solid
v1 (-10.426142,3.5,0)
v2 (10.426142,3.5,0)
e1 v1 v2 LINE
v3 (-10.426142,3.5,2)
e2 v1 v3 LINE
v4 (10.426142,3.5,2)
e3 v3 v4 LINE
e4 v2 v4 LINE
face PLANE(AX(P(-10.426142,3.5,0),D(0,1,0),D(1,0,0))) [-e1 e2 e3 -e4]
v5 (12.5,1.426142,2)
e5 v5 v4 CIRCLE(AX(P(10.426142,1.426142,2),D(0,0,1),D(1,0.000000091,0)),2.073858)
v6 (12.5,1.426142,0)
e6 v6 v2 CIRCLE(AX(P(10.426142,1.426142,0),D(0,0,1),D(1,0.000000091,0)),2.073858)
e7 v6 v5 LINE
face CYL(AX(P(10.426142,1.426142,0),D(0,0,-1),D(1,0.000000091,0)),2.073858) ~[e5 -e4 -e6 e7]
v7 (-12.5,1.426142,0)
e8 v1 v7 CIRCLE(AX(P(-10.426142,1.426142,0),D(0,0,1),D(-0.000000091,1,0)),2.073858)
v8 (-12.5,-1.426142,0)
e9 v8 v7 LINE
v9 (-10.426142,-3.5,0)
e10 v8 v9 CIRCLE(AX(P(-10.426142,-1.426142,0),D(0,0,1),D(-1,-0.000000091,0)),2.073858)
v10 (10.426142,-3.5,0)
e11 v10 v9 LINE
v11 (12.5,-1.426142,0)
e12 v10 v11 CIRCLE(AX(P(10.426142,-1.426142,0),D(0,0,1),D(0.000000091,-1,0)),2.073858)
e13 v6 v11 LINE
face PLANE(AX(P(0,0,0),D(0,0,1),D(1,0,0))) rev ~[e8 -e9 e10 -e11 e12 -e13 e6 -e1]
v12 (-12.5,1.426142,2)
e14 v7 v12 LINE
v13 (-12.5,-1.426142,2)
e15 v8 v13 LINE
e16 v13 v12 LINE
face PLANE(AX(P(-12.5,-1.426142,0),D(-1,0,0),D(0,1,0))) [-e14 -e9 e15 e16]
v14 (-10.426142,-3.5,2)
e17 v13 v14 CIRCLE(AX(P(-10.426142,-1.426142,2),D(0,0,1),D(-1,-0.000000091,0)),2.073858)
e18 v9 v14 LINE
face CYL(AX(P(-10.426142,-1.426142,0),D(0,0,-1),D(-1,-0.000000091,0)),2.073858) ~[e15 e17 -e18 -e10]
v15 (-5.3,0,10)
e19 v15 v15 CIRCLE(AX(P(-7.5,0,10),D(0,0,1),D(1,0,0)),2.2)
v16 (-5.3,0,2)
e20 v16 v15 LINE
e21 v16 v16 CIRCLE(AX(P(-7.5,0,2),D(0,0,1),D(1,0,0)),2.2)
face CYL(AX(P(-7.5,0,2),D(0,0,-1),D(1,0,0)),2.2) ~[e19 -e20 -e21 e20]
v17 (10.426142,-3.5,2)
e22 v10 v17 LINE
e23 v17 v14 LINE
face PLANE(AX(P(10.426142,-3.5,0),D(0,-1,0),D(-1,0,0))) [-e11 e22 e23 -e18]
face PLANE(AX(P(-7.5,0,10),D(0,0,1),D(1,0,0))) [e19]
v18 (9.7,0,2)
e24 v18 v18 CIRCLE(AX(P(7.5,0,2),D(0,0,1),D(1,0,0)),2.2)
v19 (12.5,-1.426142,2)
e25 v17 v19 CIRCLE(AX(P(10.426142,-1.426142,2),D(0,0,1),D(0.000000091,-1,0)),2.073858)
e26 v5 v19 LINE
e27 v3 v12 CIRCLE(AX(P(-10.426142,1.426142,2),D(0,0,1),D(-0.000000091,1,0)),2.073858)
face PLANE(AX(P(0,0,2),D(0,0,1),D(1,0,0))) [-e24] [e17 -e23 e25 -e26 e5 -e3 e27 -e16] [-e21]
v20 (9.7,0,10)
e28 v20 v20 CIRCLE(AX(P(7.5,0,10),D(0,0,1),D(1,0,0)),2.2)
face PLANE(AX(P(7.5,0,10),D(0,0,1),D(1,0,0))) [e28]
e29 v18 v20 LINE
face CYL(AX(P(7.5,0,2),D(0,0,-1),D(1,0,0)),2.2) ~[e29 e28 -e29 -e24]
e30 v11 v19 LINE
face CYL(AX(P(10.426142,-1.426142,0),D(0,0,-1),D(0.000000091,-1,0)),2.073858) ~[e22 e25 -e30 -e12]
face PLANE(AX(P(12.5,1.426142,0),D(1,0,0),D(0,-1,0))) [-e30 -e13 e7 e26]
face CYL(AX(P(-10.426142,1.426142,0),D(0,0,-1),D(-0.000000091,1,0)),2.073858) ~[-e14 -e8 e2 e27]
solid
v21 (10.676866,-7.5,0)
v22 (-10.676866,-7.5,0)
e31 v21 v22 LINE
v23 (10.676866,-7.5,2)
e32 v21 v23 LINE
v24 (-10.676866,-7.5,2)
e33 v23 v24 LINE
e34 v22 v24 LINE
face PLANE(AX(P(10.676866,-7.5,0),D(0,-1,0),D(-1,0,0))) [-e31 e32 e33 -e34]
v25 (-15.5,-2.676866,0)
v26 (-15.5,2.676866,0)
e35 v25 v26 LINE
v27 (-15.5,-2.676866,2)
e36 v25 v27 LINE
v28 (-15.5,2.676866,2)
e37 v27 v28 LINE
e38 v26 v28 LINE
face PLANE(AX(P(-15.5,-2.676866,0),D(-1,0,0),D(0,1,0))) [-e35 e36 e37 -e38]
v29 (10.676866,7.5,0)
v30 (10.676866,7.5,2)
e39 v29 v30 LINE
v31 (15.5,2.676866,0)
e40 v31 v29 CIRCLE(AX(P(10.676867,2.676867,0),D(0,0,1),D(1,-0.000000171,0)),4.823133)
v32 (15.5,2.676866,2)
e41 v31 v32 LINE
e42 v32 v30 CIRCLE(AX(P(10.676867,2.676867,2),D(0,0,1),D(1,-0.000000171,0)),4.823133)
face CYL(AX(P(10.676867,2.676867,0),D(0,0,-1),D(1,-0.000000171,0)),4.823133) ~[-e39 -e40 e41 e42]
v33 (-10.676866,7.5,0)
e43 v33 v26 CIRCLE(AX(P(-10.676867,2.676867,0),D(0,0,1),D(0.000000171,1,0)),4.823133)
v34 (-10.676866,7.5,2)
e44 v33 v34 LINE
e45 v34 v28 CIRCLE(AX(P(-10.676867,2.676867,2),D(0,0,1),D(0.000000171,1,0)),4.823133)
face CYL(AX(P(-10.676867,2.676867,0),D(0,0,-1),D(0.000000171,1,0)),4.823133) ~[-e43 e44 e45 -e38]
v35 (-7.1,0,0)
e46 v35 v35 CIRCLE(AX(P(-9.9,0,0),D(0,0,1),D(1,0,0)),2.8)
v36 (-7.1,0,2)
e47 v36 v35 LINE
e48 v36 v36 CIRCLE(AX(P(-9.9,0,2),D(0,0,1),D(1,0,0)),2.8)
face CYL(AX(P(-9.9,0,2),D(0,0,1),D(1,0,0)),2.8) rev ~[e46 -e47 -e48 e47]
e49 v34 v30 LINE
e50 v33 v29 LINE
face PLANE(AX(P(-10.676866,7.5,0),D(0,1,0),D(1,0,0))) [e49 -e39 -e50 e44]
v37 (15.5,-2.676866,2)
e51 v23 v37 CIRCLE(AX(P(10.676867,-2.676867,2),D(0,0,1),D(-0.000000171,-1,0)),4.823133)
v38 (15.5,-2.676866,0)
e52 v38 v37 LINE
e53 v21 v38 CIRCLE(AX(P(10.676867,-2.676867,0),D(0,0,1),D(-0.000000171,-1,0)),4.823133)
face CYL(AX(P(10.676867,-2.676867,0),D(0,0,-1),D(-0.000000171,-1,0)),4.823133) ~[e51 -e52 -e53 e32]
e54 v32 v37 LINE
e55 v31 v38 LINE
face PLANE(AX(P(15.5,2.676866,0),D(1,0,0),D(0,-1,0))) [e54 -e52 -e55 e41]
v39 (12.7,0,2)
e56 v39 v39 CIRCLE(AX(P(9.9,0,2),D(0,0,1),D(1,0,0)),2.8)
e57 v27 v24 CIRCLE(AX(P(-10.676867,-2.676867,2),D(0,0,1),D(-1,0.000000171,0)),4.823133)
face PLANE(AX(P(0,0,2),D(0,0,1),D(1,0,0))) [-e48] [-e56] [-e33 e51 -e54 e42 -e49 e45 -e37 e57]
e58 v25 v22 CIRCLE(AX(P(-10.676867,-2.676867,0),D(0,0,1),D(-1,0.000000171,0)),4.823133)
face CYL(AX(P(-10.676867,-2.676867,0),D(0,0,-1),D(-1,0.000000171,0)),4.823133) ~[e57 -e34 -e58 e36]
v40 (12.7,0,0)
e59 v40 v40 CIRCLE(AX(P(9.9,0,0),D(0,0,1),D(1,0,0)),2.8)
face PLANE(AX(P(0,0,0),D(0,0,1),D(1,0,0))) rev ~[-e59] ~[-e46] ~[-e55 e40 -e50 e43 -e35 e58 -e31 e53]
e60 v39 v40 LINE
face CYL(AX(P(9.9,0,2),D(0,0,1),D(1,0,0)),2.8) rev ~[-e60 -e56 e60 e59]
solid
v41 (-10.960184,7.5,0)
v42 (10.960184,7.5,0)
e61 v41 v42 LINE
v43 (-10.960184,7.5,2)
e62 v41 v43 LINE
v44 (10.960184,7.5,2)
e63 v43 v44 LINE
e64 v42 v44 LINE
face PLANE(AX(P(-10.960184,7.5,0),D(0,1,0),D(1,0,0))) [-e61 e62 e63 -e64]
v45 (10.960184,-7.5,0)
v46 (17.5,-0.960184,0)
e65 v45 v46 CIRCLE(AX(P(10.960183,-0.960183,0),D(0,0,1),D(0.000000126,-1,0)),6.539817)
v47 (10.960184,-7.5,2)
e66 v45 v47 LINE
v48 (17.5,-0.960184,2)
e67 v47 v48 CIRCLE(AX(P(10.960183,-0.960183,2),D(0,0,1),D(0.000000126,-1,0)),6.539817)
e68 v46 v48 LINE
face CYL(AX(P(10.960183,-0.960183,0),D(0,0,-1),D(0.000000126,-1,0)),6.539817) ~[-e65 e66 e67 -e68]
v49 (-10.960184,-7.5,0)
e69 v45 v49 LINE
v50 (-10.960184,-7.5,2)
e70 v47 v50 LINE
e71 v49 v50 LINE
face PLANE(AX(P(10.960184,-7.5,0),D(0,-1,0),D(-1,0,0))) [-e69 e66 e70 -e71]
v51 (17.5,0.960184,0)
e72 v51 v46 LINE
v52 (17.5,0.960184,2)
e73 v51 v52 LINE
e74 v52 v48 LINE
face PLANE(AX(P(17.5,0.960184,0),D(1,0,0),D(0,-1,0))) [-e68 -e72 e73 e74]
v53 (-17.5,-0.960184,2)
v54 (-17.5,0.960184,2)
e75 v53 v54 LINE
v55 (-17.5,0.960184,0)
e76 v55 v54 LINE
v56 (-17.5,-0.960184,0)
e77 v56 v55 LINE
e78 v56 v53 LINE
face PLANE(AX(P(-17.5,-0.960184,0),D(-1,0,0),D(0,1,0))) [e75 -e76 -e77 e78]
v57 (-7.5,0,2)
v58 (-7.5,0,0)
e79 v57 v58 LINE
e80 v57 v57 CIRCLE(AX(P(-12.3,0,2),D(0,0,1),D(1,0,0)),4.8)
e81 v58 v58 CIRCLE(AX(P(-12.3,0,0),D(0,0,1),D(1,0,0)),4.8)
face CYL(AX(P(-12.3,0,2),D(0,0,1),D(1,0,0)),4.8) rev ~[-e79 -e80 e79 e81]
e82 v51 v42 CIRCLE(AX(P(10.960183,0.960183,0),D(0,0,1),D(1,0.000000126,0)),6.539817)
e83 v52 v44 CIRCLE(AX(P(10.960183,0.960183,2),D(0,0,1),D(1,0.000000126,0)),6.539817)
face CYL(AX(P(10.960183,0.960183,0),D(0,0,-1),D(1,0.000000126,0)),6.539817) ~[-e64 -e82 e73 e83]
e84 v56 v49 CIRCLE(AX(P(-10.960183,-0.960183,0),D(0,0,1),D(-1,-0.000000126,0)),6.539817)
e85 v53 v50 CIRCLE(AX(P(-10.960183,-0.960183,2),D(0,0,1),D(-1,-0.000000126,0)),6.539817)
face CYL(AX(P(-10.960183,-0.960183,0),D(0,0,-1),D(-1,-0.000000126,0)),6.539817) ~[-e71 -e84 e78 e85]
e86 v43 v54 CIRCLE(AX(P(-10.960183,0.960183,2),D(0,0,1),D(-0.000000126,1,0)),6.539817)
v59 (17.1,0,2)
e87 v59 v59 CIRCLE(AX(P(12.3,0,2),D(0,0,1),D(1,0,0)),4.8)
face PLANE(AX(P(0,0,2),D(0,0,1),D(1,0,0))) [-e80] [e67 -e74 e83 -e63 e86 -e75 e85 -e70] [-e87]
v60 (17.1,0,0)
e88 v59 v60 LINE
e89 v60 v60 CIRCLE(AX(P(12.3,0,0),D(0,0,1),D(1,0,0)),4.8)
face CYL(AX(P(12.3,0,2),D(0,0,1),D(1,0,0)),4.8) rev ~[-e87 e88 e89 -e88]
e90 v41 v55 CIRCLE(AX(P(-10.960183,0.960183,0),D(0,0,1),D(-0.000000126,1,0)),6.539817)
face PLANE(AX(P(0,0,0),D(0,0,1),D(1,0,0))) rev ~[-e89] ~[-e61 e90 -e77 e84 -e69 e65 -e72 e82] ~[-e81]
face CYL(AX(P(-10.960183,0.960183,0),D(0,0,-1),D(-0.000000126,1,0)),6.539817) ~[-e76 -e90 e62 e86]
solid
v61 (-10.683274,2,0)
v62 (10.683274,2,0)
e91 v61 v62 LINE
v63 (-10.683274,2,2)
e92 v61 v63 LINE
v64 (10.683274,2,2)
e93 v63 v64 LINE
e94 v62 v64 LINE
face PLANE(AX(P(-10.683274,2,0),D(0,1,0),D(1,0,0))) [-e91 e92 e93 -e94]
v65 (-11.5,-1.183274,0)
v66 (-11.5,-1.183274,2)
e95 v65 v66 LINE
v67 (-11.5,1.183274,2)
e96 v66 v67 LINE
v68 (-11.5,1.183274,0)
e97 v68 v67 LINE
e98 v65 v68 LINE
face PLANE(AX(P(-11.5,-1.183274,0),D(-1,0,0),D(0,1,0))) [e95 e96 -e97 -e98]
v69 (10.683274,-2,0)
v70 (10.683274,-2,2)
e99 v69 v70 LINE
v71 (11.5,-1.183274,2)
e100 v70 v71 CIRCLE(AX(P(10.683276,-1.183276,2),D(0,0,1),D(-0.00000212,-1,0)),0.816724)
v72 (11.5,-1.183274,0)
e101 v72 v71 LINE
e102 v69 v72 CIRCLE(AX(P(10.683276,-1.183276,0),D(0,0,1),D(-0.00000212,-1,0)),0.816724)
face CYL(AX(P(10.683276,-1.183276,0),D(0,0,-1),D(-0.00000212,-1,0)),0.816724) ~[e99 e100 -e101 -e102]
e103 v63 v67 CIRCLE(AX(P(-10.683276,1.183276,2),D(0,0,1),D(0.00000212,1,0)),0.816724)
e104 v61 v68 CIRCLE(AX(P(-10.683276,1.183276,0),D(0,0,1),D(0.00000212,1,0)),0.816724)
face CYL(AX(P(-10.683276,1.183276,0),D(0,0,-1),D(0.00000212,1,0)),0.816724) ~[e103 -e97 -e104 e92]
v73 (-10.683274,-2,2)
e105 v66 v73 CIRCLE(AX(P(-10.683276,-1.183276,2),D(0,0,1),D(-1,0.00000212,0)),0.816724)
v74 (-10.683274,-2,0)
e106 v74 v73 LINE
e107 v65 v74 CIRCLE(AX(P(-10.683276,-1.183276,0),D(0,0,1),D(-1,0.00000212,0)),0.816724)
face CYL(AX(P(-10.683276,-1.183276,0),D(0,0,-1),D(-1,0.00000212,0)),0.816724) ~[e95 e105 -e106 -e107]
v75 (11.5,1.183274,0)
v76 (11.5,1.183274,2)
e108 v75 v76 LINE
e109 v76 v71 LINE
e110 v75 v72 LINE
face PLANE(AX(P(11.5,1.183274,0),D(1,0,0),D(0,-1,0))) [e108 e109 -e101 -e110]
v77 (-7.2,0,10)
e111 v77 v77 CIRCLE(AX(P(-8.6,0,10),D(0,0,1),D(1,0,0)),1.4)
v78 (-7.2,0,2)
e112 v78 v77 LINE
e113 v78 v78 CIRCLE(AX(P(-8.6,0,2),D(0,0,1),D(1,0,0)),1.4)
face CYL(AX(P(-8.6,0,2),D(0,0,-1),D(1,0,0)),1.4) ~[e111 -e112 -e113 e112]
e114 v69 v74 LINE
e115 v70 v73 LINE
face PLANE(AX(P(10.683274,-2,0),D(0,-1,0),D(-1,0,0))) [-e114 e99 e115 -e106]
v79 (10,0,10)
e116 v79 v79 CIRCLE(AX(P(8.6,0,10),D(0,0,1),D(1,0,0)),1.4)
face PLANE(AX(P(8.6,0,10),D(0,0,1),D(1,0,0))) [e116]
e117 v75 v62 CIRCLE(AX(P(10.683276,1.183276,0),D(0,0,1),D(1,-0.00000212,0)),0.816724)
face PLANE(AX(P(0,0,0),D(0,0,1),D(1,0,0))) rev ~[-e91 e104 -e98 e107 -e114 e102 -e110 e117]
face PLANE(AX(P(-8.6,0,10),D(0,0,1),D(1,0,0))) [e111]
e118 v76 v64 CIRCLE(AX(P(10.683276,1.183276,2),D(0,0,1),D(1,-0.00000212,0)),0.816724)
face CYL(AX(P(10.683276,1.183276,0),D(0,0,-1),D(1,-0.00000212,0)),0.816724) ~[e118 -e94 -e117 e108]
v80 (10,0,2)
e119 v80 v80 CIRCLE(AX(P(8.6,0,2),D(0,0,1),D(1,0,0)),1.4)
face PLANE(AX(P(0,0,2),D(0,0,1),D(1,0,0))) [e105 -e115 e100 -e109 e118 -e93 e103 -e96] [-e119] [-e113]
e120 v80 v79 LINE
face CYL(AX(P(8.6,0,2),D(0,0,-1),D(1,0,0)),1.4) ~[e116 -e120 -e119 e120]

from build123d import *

# Parameters (mm, degrees)
PAD_DEPTH       = 2
SKETCH001_R     = 2.2
PAD001_DEPTH    = 8
PAD002_DEPTH    = 2
SKETCH003_R     = 4.8
POCKET_DEPTH    = 5
PAD003_DEPTH    = 2
SKETCH005_R     = 1.4
PAD004_DEPTH    = 8
PAD005_DEPTH    = 2
SKETCH007_R     = 2.8
POCKET001_DEPTH = 5


with BuildPart() as extruded5mm:
    # Sketch → Pad (new body)
    with BuildSketch(Plane.XY):
        with BuildLine():
            ThreePointArc((-10.426142, 3.5), (-11.892581, 2.892581), (-12.5, 1.426142))
            Line((-12.5, -1.426142), (-12.5, 1.426142))
            ThreePointArc((-12.5, -1.426142), (-11.892581, -2.892581), (-10.426142, -3.5))
            Line((10.426142, -3.5), (-10.426142, -3.5))
            ThreePointArc((10.426142, -3.5), (11.892581, -2.892581), (12.5, -1.426142))
            Line((12.5, 1.426142), (12.5, -1.426142))
            ThreePointArc((12.5, 1.426142), (11.892581, 2.892581), (10.426142, 3.5))
            Line((-10.426142, 3.5), (10.426142, 3.5))
        make_face()
    extrude(amount=PAD_DEPTH)

    # Sketch001 (on Face10 of Pad) → Pad001 (join)
    with BuildSketch(Plane.XY.offset(2)):
        with Locations((-7.5, 0)):
            Circle(SKETCH001_R)
        with Locations((7.5, 0)):
            Circle(SKETCH001_R)
    extrude(amount=PAD001_DEPTH)


with BuildPart() as end5mm:
    # Sketch002 → Pad002 (new body)
    with BuildSketch(Plane.XY):
        with BuildLine():
            ThreePointArc((-10.960184, 7.5), (-15.584532, 5.584532), (-17.5, 0.960184))
            Line((-17.5, -0.960184), (-17.5, 0.960184))
            ThreePointArc((-17.5, -0.960184), (-15.584532, -5.584532), (-10.960184, -7.5))
            Line((10.960184, -7.5), (-10.960184, -7.5))
            ThreePointArc((10.960184, -7.5), (15.584532, -5.584532), (17.5, -0.960184))
            Line((17.5, 0.960184), (17.5, -0.960184))
            ThreePointArc((17.5, 0.960184), (15.584532, 5.584532), (10.960184, 7.5))
            Line((-10.960184, 7.5), (10.960184, 7.5))
        make_face()
    extrude(amount=PAD002_DEPTH)

    # Sketch003 (on Face10 of Pad002) → Pocket (cut)
    with BuildSketch(Plane.XY.offset(2)):
        with Locations((-12.3, 0)):
            Circle(SKETCH003_R)
        with Locations((12.3, 0)):
            Circle(SKETCH003_R)
    extrude(amount=-POCKET_DEPTH, mode=Mode.SUBTRACT)


with BuildPart() as extruded3mm:
    # Sketch004 → Pad003 (new body)
    with BuildSketch(Plane.XY):
        with BuildLine():
            ThreePointArc((-10.683274, 2), (-11.260787, 1.760787), (-11.5, 1.183274))
            Line((-11.5, -1.183274), (-11.5, 1.183274))
            ThreePointArc((-11.5, -1.183274), (-11.260787, -1.760787), (-10.683274, -2))
            Line((10.683274, -2), (-10.683274, -2))
            ThreePointArc((10.683274, -2), (11.260787, -1.760787), (11.5, -1.183274))
            Line((11.5, 1.183274), (11.5, -1.183274))
            ThreePointArc((11.5, 1.183274), (11.260787, 1.760787), (10.683274, 2))
            Line((-10.683274, 2), (10.683274, 2))
        make_face()
    extrude(amount=PAD003_DEPTH)

    # Sketch005 (on Face10 of Pad003) → Pad004 (join)
    with BuildSketch(Plane.XY.offset(2)):
        with Locations((-8.6, 0)):
            Circle(SKETCH005_R)
        with Locations((8.6, 0)):
            Circle(SKETCH005_R)
    extrude(amount=PAD004_DEPTH)


with BuildPart() as extruded3mm001:
    # Sketch006 → Pad005 (new body)
    with BuildSketch(Plane.XY):
        with BuildLine():
            ThreePointArc((-10.676866, 7.5), (-14.087337, 6.087337), (-15.5, 2.676866))
            Line((-15.5, -2.676866), (-15.5, 2.676866))
            ThreePointArc((-15.5, -2.676866), (-14.087337, -6.087337), (-10.676866, -7.5))
            Line((10.676866, -7.5), (-10.676866, -7.5))
            ThreePointArc((10.676866, -7.5), (14.087337, -6.087337), (15.5, -2.676866))
            Line((15.5, 2.676866), (15.5, -2.676866))
            ThreePointArc((15.5, 2.676866), (14.087337, 6.087337), (10.676866, 7.5))
            Line((-10.676866, 7.5), (10.676866, 7.5))
        make_face()
    extrude(amount=PAD005_DEPTH)

    # Sketch007 (on Face10 of Pad005) → Pocket001 (cut)
    with BuildSketch(Plane.XY.offset(2)):
        with Locations((-9.9, 0)):
            Circle(SKETCH007_R)
        with Locations((9.9, 0)):
            Circle(SKETCH007_R)
    extrude(amount=-POCKET001_DEPTH, mode=Mode.SUBTRACT)


solid = Compound([extruded5mm.part, end5mm.part, extruded3mm.part, extruded3mm001.part])
